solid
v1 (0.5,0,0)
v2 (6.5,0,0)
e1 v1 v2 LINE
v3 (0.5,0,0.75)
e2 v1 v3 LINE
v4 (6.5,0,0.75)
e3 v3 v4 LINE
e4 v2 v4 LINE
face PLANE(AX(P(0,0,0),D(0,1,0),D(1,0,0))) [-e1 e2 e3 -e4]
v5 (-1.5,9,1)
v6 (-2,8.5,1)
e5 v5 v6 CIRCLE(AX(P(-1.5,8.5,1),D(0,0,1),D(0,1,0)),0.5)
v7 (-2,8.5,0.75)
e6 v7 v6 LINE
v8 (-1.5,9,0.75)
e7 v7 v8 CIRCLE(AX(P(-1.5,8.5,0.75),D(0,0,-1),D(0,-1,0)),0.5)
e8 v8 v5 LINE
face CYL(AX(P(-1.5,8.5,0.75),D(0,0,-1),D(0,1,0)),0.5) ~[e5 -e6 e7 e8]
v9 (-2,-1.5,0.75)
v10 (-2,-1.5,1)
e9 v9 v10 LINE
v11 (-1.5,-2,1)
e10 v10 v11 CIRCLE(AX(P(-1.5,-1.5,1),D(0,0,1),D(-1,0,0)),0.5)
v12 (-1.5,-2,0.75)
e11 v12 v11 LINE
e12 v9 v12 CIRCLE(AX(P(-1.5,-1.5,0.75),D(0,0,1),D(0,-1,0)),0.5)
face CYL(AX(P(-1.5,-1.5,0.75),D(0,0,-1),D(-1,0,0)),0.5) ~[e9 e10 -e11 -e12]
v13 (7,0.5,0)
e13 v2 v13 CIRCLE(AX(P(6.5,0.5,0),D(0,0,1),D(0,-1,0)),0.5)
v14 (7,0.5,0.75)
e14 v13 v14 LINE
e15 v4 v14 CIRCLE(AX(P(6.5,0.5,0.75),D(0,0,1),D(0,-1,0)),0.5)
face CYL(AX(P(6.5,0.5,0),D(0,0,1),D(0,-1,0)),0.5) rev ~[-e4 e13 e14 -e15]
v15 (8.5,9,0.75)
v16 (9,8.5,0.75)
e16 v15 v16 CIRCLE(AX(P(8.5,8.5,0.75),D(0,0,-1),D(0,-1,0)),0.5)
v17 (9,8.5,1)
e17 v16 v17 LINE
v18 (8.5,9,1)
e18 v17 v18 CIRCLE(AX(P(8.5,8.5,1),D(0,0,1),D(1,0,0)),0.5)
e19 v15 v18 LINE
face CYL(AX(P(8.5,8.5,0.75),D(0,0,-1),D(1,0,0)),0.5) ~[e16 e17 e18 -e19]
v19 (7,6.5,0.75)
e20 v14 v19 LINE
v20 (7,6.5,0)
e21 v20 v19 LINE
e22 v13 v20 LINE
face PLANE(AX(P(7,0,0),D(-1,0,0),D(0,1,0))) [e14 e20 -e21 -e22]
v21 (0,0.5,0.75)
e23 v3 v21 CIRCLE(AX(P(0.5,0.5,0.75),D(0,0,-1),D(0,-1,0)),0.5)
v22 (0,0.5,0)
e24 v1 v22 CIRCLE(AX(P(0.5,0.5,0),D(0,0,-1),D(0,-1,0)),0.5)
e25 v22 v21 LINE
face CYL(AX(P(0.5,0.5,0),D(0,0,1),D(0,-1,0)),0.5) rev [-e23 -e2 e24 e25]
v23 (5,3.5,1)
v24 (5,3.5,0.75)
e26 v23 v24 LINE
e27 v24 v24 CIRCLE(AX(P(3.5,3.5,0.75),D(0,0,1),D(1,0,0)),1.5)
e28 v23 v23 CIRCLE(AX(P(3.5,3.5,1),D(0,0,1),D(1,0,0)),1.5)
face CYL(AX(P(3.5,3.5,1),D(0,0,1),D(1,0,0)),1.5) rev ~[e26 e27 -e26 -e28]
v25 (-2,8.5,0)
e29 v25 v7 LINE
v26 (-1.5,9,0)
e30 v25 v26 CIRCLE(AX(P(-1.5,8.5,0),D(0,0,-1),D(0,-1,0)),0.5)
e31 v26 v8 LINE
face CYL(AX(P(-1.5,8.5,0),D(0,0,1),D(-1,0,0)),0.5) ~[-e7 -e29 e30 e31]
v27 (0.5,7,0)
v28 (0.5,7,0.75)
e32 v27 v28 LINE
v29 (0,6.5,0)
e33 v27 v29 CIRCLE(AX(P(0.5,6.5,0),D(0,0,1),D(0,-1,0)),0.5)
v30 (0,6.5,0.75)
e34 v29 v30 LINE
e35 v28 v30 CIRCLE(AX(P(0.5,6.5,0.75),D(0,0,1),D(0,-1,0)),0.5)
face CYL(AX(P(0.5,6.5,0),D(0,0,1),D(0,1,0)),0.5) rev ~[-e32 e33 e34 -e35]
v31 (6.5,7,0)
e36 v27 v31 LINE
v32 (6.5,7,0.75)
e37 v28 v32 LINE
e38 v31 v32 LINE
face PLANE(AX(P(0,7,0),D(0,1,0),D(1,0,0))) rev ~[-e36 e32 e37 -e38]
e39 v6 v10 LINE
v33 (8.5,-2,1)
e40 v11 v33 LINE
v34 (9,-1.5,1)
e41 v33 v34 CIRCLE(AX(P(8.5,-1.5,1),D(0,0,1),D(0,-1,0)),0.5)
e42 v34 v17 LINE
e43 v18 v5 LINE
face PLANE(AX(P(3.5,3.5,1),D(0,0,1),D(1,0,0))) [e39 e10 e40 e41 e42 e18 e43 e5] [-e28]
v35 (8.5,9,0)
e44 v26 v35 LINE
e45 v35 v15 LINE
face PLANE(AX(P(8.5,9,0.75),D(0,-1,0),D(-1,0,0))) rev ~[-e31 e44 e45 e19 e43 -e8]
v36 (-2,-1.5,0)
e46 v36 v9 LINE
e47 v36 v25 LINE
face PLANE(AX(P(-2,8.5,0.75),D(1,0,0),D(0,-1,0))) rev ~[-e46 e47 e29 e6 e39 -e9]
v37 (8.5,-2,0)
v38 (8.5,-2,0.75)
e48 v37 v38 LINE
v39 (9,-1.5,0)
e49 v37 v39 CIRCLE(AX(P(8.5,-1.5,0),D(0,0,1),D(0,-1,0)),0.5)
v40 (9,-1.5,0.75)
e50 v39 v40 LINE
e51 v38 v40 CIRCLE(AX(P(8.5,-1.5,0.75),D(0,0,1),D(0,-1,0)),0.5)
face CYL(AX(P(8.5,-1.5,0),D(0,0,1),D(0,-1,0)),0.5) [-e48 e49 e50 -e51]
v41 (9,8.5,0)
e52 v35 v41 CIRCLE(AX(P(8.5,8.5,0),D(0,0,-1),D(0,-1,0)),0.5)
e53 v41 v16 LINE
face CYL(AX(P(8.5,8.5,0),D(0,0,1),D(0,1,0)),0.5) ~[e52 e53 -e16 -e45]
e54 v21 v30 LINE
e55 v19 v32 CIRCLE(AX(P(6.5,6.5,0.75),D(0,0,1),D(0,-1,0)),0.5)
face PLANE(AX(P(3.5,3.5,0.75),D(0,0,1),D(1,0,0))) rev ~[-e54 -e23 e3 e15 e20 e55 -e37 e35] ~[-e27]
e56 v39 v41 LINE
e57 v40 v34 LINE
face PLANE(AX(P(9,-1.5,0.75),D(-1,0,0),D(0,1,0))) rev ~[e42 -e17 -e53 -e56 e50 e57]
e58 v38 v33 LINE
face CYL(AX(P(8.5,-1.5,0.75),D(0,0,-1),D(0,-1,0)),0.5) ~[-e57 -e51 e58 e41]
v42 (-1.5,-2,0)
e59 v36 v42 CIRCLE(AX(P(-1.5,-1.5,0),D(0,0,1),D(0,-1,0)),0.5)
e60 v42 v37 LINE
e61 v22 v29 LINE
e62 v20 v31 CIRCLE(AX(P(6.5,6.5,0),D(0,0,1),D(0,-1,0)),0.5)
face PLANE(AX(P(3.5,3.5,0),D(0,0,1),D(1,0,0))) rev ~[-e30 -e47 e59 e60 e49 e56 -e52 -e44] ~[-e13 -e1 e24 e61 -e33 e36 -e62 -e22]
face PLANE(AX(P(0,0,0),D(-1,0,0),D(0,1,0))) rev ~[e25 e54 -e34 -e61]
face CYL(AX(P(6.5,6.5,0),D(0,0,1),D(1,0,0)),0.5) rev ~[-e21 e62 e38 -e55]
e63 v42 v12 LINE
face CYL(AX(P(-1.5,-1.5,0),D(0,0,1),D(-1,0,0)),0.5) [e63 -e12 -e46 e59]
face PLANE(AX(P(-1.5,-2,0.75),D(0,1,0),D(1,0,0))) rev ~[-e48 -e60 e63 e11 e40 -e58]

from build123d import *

# Parameters (mm, degrees)
F0_W     = 11
F0_H     = 11
F0_W_2   = 7
F0_H_2   = 7
F1_DEPTH = 0.75
F2_R     = 0.5
F4_DEPTH = 0.25
F5_R     = 1.5
F6_DEPTH = 1.001


with BuildPart() as f1:
    # F0 (on Top) → F1 (new body)
    with BuildSketch(Plane.XY):
        with Locations((3.5, 3.5)):
            Rectangle(F0_W, F0_H)
        with Locations((3.5, 3.5)):
            Rectangle(F0_W_2, F0_H_2, mode=Mode.SUBTRACT)
    extrude(amount=F1_DEPTH)

    # F2
    f2_edges = [f1.edges().sort_by_distance(p)[0] for p in [
        (0, 7, 0.375),
        (7, 7, 0.375),
        (9, 9, 0.375),
        (-2, 9, 0.375),
        (-2, -2, 0.375),
        (9, -2, 0.375),
        (0, 0, 0.375),
        (7, 0, 0.375),
    ]]
    fillet(f2_edges, radius=F2_R)

    # F3 (on face) → F4 (join)
    with BuildSketch(Plane.XY.offset(0.75)):
        with BuildLine():
            ThreePointArc((-2, -1.5), (-1.8535533906, -1.8535533906), (-1.5, -2))
            Line((-1.5, -2), (8.5, -2))
            ThreePointArc((8.5, -2), (8.8535533906, -1.8535533906), (9, -1.5))
            Line((9, -1.5), (9, 8.5))
            ThreePointArc((9, 8.5), (8.8535533906, 8.8535533906), (8.5, 9))
            Line((8.5, 9), (-1.5, 9))
            ThreePointArc((-1.5, 9), (-1.8535533906, 8.8535533906), (-2, 8.5))
            Line((-2, 8.5), (-2, -1.5))
        make_face()
        with BuildLine():
            ThreePointArc((7, 0.5), (6.8535533906, 0.1464466094), (6.5, 0))
            Line((6.5, 0), (0.5, 0))
            ThreePointArc((0.5, 0), (0.1464466094, 0.1464466094), (0, 0.5))
            Line((0, 0.5), (0, 6.5))
            ThreePointArc((0, 6.5), (0.1464466094, 6.8535533906), (0.5, 7))
            Line((0.5, 7), (6.5, 7))
            ThreePointArc((6.5, 7), (6.8535533906, 6.8535533906), (7, 6.5))
            Line((7, 6.5), (7, 0.5))
        make_face(mode=Mode.SUBTRACT)
        with BuildLine():
            Line((0.5, 0), (6.5, 0))
            ThreePointArc((6.5, 0), (6.8535533906, 0.1464466094), (7, 0.5))
            Line((7, 0.5), (7, 6.5))
            ThreePointArc((7, 6.5), (6.8535533906, 6.8535533906), (6.5, 7))
            Line((6.5, 7), (0.5, 7))
            ThreePointArc((0.5, 7), (0.1464466094, 6.8535533906), (0, 6.5))
            Line((0, 6.5), (0, 0.5))
            ThreePointArc((0, 0.5), (0.1464466094, 0.1464466094), (0.5, 0))
        make_face()
    extrude(amount=F4_DEPTH)

    # F5 (on face) → F6 (cut, through all)
    with BuildSketch(Plane.XY.offset(1)):
        with Locations((3.5, 3.5)):
            Circle(F5_R)
    extrude(amount=-F6_DEPTH, mode=Mode.SUBTRACT)


solid = f1.part
